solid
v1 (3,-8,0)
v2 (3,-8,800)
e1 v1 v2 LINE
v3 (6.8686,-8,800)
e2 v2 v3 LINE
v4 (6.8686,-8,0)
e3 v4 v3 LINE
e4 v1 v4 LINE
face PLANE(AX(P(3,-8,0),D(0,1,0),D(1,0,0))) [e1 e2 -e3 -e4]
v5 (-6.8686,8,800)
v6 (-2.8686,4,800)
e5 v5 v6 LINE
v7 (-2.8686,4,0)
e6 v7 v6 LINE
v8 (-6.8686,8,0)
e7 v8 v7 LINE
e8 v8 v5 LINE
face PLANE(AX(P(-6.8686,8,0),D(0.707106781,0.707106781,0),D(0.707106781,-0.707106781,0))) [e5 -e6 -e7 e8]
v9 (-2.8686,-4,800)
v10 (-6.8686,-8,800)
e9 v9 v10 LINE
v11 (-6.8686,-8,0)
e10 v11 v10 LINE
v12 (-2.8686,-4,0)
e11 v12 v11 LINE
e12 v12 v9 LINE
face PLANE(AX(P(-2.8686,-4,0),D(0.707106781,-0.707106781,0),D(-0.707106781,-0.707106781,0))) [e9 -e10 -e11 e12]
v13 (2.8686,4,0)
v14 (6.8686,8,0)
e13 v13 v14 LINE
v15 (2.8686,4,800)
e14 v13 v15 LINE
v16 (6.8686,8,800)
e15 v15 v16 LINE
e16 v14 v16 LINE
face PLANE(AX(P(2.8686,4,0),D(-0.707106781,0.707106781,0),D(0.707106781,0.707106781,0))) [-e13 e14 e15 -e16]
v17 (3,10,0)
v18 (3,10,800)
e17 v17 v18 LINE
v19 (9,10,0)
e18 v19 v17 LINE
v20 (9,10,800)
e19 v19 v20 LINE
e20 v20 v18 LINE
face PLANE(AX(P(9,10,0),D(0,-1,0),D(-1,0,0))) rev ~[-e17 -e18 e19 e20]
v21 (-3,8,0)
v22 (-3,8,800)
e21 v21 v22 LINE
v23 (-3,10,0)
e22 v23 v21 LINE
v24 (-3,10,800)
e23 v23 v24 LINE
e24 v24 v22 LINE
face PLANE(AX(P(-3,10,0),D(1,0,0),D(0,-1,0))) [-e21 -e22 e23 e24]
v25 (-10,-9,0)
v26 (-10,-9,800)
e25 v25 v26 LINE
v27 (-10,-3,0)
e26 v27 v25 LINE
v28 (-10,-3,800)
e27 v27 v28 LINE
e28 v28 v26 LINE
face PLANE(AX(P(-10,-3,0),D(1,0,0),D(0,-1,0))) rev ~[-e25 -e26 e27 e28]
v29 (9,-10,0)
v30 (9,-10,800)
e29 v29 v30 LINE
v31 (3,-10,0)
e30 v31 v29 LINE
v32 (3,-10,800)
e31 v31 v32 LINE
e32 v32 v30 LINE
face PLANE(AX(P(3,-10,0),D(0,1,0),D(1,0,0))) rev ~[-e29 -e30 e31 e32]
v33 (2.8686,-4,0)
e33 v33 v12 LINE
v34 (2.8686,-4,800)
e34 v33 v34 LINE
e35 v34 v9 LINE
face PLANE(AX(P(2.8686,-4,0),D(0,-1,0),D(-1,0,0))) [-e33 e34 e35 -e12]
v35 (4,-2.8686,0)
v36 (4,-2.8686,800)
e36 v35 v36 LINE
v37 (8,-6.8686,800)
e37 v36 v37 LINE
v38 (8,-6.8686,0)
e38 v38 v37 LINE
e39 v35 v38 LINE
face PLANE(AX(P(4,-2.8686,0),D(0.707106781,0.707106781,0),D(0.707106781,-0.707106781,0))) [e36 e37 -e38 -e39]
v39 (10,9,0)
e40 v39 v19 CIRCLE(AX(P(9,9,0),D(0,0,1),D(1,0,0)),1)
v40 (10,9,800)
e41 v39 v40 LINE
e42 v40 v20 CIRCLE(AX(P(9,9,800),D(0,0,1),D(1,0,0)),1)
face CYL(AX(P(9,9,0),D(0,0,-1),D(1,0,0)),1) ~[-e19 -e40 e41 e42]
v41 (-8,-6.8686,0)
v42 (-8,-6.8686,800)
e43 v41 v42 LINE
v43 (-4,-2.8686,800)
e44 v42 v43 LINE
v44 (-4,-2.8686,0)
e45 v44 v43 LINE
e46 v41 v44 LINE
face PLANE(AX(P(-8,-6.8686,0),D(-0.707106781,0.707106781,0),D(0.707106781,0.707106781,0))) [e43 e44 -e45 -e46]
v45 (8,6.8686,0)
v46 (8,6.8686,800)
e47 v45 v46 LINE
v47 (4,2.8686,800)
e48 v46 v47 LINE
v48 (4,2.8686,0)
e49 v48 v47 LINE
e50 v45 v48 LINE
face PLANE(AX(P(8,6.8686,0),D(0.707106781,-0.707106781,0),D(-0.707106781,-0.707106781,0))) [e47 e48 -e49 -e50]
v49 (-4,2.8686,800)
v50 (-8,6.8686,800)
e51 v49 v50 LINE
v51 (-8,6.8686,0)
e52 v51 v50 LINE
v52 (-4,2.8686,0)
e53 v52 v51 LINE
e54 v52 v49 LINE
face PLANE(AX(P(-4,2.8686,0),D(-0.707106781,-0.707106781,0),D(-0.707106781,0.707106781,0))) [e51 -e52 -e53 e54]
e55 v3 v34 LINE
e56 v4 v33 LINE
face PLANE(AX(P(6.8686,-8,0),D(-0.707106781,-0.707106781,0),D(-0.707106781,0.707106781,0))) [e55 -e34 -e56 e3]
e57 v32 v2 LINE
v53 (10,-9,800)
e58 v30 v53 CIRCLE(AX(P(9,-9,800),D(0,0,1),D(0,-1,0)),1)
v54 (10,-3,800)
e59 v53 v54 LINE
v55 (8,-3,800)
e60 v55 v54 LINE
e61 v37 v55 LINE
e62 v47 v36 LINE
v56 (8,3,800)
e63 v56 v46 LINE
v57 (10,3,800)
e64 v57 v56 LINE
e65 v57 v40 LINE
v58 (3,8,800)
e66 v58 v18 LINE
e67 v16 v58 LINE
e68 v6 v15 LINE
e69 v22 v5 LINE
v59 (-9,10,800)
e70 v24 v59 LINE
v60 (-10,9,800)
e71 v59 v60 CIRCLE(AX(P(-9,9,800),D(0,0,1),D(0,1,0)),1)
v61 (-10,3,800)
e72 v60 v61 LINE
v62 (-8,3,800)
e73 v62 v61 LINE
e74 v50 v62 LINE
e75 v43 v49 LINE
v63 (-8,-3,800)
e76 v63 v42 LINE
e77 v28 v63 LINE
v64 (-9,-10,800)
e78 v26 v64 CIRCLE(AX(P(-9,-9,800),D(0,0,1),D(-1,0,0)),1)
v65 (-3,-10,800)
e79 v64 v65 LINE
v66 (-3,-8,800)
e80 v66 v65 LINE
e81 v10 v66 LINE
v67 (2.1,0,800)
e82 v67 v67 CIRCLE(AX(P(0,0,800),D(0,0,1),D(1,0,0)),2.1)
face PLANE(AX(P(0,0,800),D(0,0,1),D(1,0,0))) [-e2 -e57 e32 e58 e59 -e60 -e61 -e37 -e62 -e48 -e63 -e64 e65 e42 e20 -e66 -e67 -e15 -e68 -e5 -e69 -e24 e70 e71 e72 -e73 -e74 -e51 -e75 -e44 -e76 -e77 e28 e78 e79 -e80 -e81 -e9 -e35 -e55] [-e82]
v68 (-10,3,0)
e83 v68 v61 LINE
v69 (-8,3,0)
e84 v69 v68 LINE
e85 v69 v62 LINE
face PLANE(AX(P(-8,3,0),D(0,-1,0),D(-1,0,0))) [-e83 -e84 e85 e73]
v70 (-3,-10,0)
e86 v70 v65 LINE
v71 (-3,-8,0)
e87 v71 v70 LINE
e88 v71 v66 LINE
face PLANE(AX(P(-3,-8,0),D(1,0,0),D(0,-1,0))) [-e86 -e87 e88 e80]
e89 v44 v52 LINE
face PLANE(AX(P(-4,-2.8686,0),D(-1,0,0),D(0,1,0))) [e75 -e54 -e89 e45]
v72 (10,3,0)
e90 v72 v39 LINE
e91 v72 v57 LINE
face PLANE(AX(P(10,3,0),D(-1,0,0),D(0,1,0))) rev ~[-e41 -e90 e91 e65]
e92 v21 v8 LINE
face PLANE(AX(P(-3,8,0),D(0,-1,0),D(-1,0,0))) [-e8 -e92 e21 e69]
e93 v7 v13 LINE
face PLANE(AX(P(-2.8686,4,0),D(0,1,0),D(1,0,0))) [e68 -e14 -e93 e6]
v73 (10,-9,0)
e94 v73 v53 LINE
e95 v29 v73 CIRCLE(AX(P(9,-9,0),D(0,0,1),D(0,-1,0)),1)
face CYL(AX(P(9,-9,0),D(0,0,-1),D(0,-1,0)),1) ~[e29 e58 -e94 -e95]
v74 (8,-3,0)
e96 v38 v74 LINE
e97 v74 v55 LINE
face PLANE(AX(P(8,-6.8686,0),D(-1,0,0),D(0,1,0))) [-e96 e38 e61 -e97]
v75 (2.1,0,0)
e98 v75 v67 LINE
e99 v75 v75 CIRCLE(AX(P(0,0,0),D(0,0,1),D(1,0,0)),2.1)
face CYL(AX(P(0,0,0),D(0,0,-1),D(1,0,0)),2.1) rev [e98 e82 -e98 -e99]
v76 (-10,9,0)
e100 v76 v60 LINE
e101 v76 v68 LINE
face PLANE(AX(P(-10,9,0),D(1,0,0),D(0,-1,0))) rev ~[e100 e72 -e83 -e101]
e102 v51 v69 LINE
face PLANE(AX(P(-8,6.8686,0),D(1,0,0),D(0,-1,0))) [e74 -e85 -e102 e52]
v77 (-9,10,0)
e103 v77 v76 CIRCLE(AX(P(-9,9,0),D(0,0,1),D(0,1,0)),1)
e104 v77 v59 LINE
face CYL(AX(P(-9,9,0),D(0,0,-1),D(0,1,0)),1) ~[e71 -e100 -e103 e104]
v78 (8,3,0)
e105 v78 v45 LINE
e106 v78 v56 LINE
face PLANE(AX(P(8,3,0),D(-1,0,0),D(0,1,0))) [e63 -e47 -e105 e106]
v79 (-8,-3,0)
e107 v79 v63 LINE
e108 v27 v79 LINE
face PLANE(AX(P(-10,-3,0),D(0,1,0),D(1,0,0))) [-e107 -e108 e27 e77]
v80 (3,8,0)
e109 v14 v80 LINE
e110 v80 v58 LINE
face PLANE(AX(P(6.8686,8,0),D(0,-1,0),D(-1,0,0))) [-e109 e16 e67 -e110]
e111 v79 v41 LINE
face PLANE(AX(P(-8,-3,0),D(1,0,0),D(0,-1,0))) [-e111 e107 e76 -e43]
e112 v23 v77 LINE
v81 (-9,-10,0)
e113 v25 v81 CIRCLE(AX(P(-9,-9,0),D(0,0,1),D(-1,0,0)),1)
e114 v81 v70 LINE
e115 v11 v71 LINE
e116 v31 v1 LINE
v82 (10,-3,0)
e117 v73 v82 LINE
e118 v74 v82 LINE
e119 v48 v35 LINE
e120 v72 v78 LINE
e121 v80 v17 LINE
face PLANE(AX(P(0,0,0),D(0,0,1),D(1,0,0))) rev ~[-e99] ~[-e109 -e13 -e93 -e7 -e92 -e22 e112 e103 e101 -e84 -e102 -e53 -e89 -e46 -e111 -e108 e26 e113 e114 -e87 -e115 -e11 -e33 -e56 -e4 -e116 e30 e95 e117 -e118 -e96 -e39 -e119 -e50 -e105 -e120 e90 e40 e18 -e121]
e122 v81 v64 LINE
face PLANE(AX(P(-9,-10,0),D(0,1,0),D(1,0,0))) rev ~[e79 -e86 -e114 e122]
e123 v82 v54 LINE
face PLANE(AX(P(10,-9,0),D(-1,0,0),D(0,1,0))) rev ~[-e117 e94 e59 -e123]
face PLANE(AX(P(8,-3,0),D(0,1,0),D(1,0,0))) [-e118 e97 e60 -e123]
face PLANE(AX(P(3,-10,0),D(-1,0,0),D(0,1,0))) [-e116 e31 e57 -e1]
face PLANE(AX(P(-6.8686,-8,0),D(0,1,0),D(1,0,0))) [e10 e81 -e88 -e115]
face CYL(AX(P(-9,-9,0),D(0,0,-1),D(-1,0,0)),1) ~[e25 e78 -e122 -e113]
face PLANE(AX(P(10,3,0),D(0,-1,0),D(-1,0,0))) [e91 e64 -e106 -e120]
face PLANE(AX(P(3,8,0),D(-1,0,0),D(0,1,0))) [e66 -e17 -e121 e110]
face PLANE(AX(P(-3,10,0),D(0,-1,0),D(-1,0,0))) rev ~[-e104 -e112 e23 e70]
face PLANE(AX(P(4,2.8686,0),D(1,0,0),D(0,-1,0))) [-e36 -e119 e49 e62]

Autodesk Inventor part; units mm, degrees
ref_plane "YZ Plane" through (0, 0, 0) normal (1, 0, 0) x (0, 1, 0)
ref_plane "XZ Plane" through (0, 0, 0) normal (0, 1, 0) x (-1, 0, 0)
ref_plane "XY Plane" through (0, 0, 0) normal (0, 0, 1) x (1, 0, 0)
sketch "スケッチ1" plane through (0, 0, 0) normal (0, 0, 1) x (1, 0, 0)
  line L0 (-10, -10) -> (10, 10) construction
  line L1 (10, -10) -> (-10, 10) construction
  line L2 (10, 3) -> (8, 3)
  line L3 (8, 3) -> (8, 6.8686)
  line L4 (8, 6.8686) -> (4, 2.8686)
  line L5 (4, 2.8686) -> (4, -2.8686)
  line L6 (4, -2.8686) -> (8, -6.8686)
  line L7 (8, -6.8686) -> (8, -3)
  line L8 (8, -3) -> (10, -3)
  line L9 (-10, 0) -> (10, 0) construction
  line L10 (-3, 10) -> (-3, 8)
  line L11 (-3, 8) -> (-6.8686, 8)
  line L12 (-6.8686, 8) -> (-2.8686, 4)
  line L13 (-2.8686, 4) -> (2.8686, 4)
  line L14 (3, 8) -> (3, 10)
  line L15 (2.8686, 4) -> (6.8686, 8)
  line L16 (6.8686, 8) -> (3, 8)
  line L17 (-10, -3) -> (-8, -3)
  line L18 (-8, -3) -> (-8, -6.8686)
  line L19 (-8, -6.8686) -> (-4, -2.8686)
  line L20 (-4, -2.8686) -> (-4, 2.8686)
  line L21 (-8, 3) -> (-10, 3)
  line L22 (-4, 2.8686) -> (-8, 6.8686)
  line L23 (-8, 6.8686) -> (-8, 3)
  line L24 (3, -10) -> (3, -8)
  line L25 (3, -8) -> (6.8686, -8)
  line L26 (6.8686, -8) -> (2.8686, -4)
  line L27 (2.8686, -4) -> (-2.8686, -4)
  line L28 (-3, -8) -> (-3, -10)
  line L29 (-2.8686, -4) -> (-6.8686, -8)
  line L30 (-6.8686, -8) -> (-3, -8)
  line L31 (9, 10) -> (3, 10)
  line L32 (-3, 10) -> (-9, 10)
  line L33 (-10, 9) -> (-10, 3)
  line L34 (-10, -3) -> (-10, -9)
  line L35 (-9, -10) -> (-3, -10)
  line L36 (3, -10) -> (9, -10)
  line L37 (10, -9) -> (10, -3)
  line L38 (10, 3) -> (10, 9)
  circle A0 centre (0, 0) radius 2.1
  arc A1 (-9, 10) -> (-10, 9) centre (-9, 9) ccw
  arc A2 (-10, -9) -> (-9, -10) centre (-9, -9) ccw
  arc A3 (9, -10) -> (10, -9) centre (9, -9) ccw
  arc A4 (10, 9) -> (9, 10) centre (9, 9) ccw
  point P0 (0, 10)
  point P1 (-10, 0)
  point P2 (0, -10)
  dimension "d0" = 2
  dimension "d1" = 6
  dimension "d2" = 4
  dimension "d3" = 0.8
  dimension "d9" = 20
  dimension "d10" = 4.2
  dimension "d11" = 1
extrude "押し出し1" add sketch "スケッチ1" along normal blind 800
properties part number "高剛性フレーム"
